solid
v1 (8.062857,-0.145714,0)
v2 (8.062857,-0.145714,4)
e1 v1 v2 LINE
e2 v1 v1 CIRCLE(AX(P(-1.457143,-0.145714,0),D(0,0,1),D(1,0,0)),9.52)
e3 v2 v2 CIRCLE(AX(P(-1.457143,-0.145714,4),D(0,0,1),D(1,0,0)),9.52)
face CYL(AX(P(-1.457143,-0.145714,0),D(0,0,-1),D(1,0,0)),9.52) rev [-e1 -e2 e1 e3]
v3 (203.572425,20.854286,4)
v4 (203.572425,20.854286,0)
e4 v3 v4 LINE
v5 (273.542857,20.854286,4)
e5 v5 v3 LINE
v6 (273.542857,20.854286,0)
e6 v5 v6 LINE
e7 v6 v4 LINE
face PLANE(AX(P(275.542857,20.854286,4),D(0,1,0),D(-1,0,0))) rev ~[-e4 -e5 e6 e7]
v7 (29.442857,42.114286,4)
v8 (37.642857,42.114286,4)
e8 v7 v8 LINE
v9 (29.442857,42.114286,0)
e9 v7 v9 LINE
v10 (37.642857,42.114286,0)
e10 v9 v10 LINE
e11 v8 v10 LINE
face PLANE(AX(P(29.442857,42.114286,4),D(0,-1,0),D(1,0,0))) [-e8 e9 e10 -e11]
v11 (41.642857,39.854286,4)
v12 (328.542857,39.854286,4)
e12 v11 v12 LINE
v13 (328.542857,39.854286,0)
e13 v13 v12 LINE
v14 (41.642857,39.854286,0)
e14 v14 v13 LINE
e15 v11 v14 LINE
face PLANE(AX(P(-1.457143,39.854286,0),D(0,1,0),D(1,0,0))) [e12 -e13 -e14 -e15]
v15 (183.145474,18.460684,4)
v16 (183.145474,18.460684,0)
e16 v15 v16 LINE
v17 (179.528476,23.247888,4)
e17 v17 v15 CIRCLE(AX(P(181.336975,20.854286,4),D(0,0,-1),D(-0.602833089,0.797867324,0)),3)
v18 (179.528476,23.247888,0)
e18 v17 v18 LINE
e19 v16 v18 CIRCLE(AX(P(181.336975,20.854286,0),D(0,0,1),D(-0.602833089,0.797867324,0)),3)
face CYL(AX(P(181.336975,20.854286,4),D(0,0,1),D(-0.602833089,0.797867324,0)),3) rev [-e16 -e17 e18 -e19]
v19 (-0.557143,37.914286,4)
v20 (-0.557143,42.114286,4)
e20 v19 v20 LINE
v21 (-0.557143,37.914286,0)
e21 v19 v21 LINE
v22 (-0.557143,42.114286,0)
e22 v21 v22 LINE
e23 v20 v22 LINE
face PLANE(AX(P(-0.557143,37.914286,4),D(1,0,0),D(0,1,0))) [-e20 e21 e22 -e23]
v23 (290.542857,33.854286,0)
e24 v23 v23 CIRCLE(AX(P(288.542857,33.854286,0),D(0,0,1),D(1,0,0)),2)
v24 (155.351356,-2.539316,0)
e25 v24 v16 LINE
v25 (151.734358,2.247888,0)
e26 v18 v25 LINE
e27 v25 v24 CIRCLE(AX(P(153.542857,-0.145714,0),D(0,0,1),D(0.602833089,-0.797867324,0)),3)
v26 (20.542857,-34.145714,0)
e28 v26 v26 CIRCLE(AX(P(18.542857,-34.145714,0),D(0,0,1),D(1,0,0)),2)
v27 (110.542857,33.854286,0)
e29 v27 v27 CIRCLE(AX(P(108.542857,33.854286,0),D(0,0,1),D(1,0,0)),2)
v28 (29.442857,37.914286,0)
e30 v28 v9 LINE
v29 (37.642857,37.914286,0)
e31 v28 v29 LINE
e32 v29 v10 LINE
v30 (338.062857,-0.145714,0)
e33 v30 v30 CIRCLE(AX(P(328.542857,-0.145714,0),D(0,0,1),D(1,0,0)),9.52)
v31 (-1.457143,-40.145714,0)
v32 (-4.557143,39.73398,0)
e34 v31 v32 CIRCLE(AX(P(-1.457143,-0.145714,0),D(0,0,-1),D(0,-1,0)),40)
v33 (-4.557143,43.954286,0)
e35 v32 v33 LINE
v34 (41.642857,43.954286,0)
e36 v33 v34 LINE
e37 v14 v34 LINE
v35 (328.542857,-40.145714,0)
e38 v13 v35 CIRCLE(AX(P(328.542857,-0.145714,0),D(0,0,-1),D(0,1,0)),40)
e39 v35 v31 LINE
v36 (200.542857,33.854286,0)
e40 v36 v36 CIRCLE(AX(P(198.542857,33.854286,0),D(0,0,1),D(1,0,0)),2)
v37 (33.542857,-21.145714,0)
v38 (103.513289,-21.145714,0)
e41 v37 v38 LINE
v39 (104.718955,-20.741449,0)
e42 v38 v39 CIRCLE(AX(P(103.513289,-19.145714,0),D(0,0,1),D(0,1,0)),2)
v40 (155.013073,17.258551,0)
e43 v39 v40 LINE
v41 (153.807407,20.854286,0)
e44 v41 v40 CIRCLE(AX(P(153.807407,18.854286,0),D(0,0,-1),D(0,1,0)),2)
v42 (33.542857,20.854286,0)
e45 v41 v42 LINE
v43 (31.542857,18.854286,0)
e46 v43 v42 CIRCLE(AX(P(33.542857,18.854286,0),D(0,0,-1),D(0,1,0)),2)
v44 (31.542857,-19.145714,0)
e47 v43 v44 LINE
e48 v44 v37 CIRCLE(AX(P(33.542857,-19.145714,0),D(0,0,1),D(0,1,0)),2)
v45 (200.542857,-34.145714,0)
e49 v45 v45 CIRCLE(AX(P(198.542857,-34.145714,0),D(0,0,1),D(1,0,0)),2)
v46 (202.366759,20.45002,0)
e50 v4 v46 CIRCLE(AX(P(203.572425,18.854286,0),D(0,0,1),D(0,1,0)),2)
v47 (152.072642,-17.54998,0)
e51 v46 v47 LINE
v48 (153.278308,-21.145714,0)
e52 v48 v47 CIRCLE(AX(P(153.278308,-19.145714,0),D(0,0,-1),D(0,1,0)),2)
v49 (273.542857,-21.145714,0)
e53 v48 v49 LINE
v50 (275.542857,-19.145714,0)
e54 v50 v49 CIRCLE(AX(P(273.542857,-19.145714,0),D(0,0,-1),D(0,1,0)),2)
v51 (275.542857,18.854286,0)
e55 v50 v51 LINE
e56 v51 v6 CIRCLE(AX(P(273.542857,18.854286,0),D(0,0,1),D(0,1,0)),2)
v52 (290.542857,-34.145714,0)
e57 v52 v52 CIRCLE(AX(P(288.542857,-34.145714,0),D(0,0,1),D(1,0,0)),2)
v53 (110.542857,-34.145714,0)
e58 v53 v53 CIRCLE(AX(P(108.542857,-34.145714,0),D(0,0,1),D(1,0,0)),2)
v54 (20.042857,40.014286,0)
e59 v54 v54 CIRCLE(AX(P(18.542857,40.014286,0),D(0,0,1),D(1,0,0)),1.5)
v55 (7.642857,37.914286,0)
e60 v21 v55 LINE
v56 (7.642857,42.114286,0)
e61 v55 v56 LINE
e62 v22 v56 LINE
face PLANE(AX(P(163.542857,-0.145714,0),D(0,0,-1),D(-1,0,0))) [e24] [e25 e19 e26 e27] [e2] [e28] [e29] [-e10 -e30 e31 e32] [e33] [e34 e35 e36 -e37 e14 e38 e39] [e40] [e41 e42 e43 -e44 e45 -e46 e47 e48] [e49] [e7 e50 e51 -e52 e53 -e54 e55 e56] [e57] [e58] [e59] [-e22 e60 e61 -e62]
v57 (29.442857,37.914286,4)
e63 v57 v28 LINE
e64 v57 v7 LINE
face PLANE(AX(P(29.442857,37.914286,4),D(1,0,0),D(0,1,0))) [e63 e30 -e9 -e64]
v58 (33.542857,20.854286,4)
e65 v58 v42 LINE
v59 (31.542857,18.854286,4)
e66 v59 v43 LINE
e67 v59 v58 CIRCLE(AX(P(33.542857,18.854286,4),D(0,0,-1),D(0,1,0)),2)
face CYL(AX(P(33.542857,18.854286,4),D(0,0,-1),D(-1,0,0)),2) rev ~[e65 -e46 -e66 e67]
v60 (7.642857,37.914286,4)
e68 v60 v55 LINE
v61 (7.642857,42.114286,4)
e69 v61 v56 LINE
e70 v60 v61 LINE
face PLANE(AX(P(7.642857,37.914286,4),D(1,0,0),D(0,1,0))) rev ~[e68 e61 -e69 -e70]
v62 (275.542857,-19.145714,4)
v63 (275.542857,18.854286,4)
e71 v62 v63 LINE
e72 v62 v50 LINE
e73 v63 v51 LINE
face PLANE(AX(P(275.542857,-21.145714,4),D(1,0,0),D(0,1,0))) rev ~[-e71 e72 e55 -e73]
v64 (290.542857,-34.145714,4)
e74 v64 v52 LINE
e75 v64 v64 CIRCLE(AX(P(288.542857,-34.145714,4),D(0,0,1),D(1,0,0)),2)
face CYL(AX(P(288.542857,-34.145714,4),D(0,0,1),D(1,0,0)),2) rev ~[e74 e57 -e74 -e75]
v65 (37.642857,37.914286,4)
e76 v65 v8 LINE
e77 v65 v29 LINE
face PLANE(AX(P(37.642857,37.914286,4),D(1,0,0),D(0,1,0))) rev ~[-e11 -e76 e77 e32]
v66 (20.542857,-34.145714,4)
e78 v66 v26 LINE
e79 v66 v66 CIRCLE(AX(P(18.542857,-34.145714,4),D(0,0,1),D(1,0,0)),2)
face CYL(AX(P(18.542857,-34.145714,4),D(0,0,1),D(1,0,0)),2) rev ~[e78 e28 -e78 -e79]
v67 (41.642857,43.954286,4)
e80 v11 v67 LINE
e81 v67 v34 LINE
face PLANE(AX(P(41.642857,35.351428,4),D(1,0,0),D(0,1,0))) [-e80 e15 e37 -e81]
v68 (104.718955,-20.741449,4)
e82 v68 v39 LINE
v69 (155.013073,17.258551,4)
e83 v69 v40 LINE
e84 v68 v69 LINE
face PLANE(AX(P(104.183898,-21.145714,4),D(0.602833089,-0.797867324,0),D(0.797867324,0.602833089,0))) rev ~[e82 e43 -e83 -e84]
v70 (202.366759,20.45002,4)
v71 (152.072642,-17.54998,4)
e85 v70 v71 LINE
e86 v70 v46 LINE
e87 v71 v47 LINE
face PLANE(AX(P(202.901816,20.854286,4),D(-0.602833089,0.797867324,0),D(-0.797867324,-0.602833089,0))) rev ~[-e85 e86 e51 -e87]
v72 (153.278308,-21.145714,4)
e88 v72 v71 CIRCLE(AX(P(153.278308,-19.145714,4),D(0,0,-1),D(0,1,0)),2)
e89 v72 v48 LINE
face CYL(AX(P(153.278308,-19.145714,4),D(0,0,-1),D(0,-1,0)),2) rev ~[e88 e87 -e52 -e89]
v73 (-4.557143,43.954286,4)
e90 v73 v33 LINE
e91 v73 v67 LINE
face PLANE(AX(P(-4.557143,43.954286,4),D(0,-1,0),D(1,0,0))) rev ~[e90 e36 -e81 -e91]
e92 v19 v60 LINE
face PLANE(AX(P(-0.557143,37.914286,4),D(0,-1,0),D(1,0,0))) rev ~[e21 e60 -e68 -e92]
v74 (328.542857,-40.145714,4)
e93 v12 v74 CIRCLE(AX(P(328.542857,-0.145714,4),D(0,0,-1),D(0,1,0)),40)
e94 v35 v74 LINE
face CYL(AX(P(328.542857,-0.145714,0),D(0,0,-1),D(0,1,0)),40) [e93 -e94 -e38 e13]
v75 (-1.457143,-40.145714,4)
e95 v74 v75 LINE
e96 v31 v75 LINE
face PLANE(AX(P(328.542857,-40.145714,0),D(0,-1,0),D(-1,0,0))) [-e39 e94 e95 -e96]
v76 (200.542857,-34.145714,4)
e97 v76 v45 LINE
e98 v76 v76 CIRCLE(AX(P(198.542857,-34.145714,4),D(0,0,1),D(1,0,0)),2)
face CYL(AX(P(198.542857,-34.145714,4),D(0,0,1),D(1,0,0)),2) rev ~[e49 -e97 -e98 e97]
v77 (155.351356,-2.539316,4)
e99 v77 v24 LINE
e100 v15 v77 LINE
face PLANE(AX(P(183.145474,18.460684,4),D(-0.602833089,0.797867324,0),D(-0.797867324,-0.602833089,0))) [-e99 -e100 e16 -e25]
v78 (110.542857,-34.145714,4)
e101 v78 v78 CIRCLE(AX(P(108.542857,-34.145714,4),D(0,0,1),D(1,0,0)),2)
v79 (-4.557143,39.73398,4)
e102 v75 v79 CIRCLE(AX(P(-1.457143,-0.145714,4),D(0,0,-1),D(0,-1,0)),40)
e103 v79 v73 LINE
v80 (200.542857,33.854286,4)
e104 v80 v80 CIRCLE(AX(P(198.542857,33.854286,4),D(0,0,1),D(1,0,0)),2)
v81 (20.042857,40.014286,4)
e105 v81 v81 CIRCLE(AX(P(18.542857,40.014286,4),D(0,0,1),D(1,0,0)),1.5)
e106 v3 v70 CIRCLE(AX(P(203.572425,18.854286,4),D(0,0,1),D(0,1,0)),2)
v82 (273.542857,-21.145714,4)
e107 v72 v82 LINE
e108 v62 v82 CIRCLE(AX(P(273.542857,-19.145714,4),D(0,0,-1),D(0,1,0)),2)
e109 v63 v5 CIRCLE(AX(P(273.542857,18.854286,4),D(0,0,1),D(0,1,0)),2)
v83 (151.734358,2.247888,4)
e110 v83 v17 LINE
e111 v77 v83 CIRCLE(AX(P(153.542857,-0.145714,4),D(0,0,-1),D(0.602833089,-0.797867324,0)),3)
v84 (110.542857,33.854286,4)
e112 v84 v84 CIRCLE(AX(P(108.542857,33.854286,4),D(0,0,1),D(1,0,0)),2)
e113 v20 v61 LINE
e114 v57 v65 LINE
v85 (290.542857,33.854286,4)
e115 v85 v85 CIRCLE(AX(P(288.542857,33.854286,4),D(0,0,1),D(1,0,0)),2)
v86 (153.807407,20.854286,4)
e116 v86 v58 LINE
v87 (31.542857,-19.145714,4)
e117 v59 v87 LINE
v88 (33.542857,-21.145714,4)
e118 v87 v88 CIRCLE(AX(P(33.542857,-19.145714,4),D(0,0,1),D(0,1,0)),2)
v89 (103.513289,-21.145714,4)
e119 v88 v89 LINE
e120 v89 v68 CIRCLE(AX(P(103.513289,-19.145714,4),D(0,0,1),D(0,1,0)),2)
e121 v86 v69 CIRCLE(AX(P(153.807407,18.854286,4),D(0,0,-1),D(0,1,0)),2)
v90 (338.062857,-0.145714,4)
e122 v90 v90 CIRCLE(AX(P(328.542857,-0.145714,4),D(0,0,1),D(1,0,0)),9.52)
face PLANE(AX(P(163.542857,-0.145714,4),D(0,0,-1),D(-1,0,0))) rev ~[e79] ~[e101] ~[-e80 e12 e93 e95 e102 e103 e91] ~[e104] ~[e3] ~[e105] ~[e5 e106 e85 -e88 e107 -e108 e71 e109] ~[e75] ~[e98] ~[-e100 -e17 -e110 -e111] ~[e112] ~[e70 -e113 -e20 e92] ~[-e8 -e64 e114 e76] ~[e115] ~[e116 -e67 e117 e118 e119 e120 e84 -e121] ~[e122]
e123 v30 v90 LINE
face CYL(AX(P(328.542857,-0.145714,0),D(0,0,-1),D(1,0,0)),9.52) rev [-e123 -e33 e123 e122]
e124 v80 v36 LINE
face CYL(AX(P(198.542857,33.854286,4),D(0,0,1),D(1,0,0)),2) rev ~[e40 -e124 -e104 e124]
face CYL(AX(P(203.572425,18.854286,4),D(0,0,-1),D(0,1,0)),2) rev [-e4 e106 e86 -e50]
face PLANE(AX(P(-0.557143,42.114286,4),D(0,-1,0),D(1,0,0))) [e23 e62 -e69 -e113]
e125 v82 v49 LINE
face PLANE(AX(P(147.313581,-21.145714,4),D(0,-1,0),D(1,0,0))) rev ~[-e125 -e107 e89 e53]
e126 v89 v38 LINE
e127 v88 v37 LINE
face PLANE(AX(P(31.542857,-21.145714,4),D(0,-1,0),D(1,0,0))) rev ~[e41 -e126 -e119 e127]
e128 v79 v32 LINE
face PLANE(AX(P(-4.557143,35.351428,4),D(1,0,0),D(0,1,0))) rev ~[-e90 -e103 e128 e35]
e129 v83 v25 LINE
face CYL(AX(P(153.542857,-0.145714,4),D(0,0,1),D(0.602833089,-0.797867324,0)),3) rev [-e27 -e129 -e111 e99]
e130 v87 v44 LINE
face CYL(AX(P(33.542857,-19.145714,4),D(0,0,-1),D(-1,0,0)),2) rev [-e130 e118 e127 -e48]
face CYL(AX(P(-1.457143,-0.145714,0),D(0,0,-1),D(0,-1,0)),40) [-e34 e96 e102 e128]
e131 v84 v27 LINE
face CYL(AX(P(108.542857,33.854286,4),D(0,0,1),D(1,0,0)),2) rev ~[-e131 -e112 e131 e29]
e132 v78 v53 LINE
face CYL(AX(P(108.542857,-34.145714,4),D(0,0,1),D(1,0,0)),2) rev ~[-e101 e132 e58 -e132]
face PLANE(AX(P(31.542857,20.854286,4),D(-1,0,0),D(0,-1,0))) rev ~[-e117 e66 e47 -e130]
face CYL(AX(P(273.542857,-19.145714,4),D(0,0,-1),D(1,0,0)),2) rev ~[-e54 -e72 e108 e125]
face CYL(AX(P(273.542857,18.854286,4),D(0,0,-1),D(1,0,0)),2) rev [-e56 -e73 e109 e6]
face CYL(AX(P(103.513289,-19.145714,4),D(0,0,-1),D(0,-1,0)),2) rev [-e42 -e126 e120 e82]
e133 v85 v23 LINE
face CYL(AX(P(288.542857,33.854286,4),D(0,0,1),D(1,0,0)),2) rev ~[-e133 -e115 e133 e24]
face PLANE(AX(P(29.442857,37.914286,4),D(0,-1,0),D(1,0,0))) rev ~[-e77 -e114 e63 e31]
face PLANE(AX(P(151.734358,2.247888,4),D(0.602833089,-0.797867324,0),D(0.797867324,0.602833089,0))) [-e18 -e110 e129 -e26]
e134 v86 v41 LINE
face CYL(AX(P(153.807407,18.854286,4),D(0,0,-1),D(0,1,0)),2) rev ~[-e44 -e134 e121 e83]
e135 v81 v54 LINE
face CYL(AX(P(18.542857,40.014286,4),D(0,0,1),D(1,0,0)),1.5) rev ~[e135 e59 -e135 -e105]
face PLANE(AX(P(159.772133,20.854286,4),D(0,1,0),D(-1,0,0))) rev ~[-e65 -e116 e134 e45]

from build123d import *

# Parameters (mm, degrees)
SKETCH_1_R          = 9.52
EXTRUDE_1_DEPTH     = 4
SKETCH_4_W          = 46.2
SKETCH_4_H          = 8.602857229
EXTRUDE_2_DEPTH     = 4
SKETCH_2_R          = 2
SKETCH_2_R_2        = 1.5
SKETCH_2_W          = 8.2
SKETCH_2_H          = 4.2
CUT_EXTRUDE_1_DEPTH = 4
CUT_EXTRUDE_2_DEPTH = 10
FILLET_1_R          = 2


with BuildPart() as part:
    # 草图1 → 凸台-拉伸1 (new body)
    with BuildSketch(Plane.XY):
        with BuildLine():
            Line((328.542857143, -40.145714286), (-1.457142857, -40.145714286))
            ThreePointArc((-1.457142857, -40.145714286), (-41.457142857, -0.145714286), (-1.457142857, 39.854285714))
            Line((-1.457142857, 39.854285714), (328.542857143, 39.854285714))
            ThreePointArc((328.542857143, 39.854285714), (368.542857143, -0.145714286), (328.542857143, -40.145714286))
        make_face()
        with Locations((-1.457142857, -0.145714286)):
            Circle(SKETCH_1_R, mode=Mode.SUBTRACT)
        with Locations((328.542857143, -0.145714286)):
            Circle(SKETCH_1_R, mode=Mode.SUBTRACT)
    extrude(amount=EXTRUDE_1_DEPTH)

    # 草图4 → 凸台-拉伸2 (add)
    with BuildSketch(Plane.XY.offset(4)):
        with Locations((18.542857143, 39.652857099)):
            Rectangle(SKETCH_4_W, SKETCH_4_H)
    extrude(amount=-EXTRUDE_2_DEPTH)

    # 草图2 → 切除-拉伸1 (cut)
    with BuildSketch(Plane.XY.offset(4)):
        with Locations((108.542857143, 33.854285714)):
            Circle(SKETCH_2_R)
        with Locations((198.542857143, 33.854285714)):
            Circle(SKETCH_2_R)
        with Locations((288.542857143, 33.854285714)):
            Circle(SKETCH_2_R)
        with Locations((108.542857143, -34.145714286)):
            Circle(SKETCH_2_R)
        with Locations((198.542857143, -34.145714286)):
            Circle(SKETCH_2_R)
        with Locations((288.542857143, -34.145714286)):
            Circle(SKETCH_2_R)
        with Locations((18.542857143, -34.145714286)):
            Circle(SKETCH_2_R)
        with Locations((18.542857143, 40.014285714)):
            Circle(SKETCH_2_R_2)
        Polygon((31.542857143, -21.145714286), (104.183898028, -21.145714286), (159.772133322, 20.854285714), (31.542857143, 20.854285714), align=None)
        Polygon((275.542857143, 20.854285714), (202.901816258, 20.854285714), (147.313580964, -21.145714286), (275.542857143, -21.145714286), align=None)
        with Locations((33.542857143, 40.014285714)):
            Rectangle(SKETCH_2_W, SKETCH_2_H)
        with Locations((3.542857143, 40.014285714)):
            Rectangle(SKETCH_2_W, SKETCH_2_H)
    extrude(amount=-CUT_EXTRUDE_1_DEPTH, mode=Mode.SUBTRACT)

    # 草图3 → 切除-拉伸2 (cut)
    with BuildSketch(Plane.XY.offset(4)):
        with BuildLine():
            Line((183.145474057, 18.460683743), (155.35135641, -2.539316257))
            ThreePointArc((155.35135641, -2.539316257), (151.149255171, -1.954213553), (151.734357875, 2.247887686))
            Line((151.734357875, 2.247887686), (179.528475522, 23.247887686))
            ThreePointArc((179.528475522, 23.247887686), (183.730576762, 22.662784982), (183.145474057, 18.460683743))
        make_face()
    extrude(amount=-CUT_EXTRUDE_2_DEPTH, mode=Mode.SUBTRACT)

    # 圆角1
    fillet_1_edges = [part.edges().sort_by_distance(p)[0] for p in [
        (31.542857143, -21.145714286, 2),
        (31.542857143, 20.854285714, 2),
        (159.772133322, 20.854285714, 2),
        (104.183898028, -21.145714286, 2),
        (275.542857143, 20.854285714, 2),
        (275.542857143, -21.145714286, 2),
        (147.313580964, -21.145714286, 2),
        (202.901816258, 20.854285714, 2),
    ]]
    fillet(fillet_1_edges, radius=FILLET_1_R)


solid = part.part
